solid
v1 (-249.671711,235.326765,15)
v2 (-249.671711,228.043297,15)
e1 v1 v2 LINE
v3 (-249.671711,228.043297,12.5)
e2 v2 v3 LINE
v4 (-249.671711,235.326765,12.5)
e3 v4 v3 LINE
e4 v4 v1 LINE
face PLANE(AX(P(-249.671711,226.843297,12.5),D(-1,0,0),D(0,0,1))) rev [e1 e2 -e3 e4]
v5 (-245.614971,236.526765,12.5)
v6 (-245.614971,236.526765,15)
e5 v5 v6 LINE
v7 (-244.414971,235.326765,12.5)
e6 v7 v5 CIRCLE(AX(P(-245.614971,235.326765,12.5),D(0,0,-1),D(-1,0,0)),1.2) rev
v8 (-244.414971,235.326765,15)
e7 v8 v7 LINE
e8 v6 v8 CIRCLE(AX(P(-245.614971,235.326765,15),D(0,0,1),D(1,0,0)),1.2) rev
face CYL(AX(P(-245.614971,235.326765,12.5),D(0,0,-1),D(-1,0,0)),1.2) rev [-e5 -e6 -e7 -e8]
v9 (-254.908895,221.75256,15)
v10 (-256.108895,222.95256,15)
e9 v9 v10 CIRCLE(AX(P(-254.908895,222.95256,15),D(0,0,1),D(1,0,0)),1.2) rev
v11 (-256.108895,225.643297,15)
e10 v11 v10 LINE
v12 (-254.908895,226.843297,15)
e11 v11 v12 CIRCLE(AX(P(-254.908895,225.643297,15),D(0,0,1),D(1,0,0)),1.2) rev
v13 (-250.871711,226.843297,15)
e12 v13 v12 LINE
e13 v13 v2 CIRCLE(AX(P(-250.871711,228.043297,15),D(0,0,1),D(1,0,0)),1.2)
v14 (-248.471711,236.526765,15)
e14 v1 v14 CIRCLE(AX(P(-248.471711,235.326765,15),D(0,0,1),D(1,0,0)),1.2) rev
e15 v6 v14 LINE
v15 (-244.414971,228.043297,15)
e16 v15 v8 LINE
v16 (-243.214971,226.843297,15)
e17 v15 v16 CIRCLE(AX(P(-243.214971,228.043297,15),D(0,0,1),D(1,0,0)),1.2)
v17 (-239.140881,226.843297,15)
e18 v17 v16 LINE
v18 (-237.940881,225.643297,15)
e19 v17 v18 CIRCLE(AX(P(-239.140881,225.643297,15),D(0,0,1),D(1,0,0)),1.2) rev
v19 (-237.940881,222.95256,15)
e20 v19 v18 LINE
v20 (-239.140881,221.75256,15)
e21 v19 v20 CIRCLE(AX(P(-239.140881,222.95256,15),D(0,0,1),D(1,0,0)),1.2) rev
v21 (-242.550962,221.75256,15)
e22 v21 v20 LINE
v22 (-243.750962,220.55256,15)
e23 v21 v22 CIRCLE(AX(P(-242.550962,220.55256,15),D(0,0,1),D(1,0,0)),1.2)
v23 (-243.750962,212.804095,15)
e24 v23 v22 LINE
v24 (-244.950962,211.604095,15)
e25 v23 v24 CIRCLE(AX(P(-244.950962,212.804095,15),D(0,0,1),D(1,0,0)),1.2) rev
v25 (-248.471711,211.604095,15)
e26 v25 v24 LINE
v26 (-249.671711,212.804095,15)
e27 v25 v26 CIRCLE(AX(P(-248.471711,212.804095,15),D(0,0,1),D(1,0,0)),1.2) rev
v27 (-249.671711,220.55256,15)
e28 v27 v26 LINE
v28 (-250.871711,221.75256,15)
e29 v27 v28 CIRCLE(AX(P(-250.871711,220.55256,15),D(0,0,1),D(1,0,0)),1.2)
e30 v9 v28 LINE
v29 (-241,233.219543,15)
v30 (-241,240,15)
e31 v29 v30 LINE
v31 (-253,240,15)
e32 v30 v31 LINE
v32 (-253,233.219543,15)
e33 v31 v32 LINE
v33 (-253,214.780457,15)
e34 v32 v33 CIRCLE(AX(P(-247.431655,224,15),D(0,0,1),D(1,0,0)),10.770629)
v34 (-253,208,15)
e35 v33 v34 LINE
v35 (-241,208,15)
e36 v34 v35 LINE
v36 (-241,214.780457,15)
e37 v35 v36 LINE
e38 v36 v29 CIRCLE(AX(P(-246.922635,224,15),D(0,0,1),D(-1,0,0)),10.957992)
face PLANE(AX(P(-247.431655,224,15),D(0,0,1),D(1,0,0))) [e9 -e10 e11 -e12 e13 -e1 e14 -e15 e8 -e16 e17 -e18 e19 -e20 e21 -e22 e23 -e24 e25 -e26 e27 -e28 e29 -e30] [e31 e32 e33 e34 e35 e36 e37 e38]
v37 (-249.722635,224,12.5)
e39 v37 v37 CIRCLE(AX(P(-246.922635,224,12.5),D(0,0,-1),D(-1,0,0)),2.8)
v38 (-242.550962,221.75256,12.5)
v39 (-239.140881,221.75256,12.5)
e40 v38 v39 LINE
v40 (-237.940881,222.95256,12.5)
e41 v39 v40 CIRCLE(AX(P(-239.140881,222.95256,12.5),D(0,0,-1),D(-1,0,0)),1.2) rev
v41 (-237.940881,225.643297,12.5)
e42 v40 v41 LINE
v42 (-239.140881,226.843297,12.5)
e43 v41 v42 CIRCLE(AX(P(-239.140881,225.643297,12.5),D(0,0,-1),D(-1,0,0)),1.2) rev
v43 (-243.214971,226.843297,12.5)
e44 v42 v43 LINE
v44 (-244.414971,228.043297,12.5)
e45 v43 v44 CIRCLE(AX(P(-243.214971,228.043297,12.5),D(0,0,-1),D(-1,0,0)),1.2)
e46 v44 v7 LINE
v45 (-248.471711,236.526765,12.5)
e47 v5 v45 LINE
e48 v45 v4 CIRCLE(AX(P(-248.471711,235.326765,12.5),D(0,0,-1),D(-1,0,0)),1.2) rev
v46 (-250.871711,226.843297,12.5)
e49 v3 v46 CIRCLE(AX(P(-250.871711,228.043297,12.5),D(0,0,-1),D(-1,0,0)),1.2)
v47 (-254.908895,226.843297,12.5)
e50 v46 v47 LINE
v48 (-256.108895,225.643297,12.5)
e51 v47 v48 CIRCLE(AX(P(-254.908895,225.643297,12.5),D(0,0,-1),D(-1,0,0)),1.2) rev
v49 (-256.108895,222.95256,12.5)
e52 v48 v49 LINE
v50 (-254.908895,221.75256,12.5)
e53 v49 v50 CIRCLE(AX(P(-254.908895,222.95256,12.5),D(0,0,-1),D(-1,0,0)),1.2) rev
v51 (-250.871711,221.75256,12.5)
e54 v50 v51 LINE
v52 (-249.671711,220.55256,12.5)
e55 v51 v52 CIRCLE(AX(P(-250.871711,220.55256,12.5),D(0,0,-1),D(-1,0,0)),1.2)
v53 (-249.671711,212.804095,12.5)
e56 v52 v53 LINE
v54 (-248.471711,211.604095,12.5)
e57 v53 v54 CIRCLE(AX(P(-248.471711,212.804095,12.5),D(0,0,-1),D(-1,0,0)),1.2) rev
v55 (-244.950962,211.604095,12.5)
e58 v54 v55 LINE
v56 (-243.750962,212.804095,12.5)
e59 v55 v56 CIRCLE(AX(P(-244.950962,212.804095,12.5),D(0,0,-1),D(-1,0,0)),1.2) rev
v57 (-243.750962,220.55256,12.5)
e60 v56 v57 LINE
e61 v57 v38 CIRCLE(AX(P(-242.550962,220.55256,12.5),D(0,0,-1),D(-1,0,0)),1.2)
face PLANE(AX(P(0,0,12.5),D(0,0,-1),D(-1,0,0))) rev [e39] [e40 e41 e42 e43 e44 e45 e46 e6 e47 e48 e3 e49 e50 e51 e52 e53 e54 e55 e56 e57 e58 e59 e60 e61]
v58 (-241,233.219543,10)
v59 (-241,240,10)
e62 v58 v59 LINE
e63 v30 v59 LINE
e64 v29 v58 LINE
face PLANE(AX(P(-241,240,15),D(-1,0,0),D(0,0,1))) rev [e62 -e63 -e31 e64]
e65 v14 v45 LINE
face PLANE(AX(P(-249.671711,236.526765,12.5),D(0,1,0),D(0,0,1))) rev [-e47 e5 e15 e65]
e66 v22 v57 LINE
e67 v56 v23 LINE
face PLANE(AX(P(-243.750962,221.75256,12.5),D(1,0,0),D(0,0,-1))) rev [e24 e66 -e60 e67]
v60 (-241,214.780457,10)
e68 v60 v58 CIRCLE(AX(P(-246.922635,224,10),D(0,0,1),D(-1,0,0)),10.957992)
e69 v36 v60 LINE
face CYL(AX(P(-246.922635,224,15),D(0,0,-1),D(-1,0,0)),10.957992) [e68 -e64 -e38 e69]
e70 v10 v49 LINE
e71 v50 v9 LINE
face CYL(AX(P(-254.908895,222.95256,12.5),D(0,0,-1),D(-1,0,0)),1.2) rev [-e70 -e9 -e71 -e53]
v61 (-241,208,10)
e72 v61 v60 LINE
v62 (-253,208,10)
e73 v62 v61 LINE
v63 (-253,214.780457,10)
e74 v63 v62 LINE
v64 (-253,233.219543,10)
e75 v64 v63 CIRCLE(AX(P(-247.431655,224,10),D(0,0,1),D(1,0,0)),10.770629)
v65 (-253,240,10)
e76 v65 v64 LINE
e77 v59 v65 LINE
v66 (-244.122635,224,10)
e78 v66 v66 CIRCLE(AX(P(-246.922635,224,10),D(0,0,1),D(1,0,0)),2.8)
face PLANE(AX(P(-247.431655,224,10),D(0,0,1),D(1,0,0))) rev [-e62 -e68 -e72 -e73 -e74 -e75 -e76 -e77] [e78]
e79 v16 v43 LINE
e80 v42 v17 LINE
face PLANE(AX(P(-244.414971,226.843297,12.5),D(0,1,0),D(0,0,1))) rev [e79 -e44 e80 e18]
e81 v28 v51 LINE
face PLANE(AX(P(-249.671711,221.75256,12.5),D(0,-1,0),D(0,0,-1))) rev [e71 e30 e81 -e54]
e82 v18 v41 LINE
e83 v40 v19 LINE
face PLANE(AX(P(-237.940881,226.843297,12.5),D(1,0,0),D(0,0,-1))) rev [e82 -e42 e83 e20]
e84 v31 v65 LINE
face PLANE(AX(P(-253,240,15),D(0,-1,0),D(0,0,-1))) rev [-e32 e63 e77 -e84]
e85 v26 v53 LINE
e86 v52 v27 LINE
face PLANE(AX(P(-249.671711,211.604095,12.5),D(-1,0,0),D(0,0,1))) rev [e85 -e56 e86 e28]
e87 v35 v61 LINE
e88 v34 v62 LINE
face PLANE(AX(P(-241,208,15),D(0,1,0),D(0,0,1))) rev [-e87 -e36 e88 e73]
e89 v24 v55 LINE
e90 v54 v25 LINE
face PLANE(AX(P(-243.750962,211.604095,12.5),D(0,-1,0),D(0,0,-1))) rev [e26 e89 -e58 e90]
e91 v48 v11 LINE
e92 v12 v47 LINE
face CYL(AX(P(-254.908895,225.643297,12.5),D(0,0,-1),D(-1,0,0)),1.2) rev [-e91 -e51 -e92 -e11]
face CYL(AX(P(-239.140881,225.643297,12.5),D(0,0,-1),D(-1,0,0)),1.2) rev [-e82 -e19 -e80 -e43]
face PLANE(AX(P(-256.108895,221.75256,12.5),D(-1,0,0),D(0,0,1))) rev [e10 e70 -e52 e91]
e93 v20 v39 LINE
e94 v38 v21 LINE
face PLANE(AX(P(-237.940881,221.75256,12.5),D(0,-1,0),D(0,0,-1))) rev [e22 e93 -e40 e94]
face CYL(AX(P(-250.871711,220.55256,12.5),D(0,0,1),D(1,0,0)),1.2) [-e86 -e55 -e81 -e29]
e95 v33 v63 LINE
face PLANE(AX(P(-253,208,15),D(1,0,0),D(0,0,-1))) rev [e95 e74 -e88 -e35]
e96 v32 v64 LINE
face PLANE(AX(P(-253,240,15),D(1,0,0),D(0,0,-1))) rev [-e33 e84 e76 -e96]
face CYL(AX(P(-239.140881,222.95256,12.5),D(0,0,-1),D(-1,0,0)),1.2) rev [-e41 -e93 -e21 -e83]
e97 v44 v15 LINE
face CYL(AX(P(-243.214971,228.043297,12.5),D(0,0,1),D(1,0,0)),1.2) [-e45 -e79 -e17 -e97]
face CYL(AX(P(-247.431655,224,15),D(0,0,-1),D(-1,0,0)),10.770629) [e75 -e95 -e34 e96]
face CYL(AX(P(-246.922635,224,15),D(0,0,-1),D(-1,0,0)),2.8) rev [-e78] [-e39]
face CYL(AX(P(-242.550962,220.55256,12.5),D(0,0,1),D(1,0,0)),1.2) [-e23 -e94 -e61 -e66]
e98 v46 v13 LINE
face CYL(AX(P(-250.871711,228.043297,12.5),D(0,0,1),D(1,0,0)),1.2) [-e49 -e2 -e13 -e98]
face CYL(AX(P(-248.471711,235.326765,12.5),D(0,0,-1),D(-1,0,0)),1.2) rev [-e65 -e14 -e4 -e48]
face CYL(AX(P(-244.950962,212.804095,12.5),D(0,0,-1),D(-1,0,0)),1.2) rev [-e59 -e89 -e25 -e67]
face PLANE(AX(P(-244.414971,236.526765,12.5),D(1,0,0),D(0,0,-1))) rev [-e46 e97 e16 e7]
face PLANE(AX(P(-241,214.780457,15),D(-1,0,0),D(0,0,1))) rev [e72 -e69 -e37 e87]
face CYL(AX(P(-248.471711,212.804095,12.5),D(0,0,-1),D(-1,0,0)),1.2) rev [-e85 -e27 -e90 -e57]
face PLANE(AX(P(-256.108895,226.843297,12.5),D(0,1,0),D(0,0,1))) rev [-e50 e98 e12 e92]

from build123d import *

# Parameters (mm, degrees)
SKETCH1_R           = 2.8
BOSS_EXTRUDE1_DEPTH = 5
CUT_EXTRUDE1_DEPTH  = 2.5
FILLET1_R           = 1.2


with BuildPart() as part:
    # Sketch1 → Boss-Extrude1 (new body)
    with BuildSketch(Plane.XY.offset(10)):
        with BuildLine():
            Line((-253, 240), (-241, 240))
            Line((-241, 240), (-241, 233.219543457))
            ThreePointArc((-241, 233.219543457), (-235.964643127, 224), (-241, 214.780456543))
            Line((-241, 214.780456543), (-241, 208))
            Line((-241, 208), (-253, 208))
            Line((-253, 208), (-253, 214.780456543))
            ThreePointArc((-253, 214.780456543), (-258.20228405, 224), (-253, 233.219543457))
            Line((-253, 233.219543457), (-253, 240))
        make_face()
        with Locations((-246.922635101, 224)):
            Circle(SKETCH1_R, mode=Mode.SUBTRACT)
    extrude(amount=BOSS_EXTRUDE1_DEPTH)

    # Sketch2 → Cut-Extrude1 (cut)
    with BuildSketch(Plane.XY.offset(15)):
        Polygon((-249.671711, 236.526764937), (-244.414971283, 236.526764937), (-244.414971283, 226.843297037), (-237.940881316, 226.843297037), (-237.940881316, 221.752559627), (-243.750962055, 221.752559627), (-243.750962055, 211.604094919), (-249.671711, 211.604094919), (-249.671711, 221.752559627), (-256.108895334, 221.752559627), (-256.108895334, 226.843297037), (-249.671711, 226.843297037), align=None)
    extrude(amount=-CUT_EXTRUDE1_DEPTH, mode=Mode.SUBTRACT)

    # Fillet1
    fillet1_edges = [part.edges().sort_by_distance(p)[0] for p in [
        (-249.671711, 226.843297037, 13.75),
        (-249.671711, 236.526764937, 13.75),
        (-244.414971283, 236.526764937, 13.75),
        (-244.414971283, 226.843297037, 13.75),
        (-237.940881316, 226.843297037, 13.75),
        (-237.940881316, 221.752559627, 13.75),
        (-243.750962055, 221.752559627, 13.75),
        (-243.750962055, 211.604094919, 13.75),
        (-249.671711, 211.604094919, 13.75),
        (-249.671711, 221.752559627, 13.75),
        (-256.108895334, 221.752559627, 13.75),
        (-256.108895334, 226.843297037, 13.75),
    ]]
    fillet(fillet1_edges, radius=FILLET1_R)


solid = part.part
